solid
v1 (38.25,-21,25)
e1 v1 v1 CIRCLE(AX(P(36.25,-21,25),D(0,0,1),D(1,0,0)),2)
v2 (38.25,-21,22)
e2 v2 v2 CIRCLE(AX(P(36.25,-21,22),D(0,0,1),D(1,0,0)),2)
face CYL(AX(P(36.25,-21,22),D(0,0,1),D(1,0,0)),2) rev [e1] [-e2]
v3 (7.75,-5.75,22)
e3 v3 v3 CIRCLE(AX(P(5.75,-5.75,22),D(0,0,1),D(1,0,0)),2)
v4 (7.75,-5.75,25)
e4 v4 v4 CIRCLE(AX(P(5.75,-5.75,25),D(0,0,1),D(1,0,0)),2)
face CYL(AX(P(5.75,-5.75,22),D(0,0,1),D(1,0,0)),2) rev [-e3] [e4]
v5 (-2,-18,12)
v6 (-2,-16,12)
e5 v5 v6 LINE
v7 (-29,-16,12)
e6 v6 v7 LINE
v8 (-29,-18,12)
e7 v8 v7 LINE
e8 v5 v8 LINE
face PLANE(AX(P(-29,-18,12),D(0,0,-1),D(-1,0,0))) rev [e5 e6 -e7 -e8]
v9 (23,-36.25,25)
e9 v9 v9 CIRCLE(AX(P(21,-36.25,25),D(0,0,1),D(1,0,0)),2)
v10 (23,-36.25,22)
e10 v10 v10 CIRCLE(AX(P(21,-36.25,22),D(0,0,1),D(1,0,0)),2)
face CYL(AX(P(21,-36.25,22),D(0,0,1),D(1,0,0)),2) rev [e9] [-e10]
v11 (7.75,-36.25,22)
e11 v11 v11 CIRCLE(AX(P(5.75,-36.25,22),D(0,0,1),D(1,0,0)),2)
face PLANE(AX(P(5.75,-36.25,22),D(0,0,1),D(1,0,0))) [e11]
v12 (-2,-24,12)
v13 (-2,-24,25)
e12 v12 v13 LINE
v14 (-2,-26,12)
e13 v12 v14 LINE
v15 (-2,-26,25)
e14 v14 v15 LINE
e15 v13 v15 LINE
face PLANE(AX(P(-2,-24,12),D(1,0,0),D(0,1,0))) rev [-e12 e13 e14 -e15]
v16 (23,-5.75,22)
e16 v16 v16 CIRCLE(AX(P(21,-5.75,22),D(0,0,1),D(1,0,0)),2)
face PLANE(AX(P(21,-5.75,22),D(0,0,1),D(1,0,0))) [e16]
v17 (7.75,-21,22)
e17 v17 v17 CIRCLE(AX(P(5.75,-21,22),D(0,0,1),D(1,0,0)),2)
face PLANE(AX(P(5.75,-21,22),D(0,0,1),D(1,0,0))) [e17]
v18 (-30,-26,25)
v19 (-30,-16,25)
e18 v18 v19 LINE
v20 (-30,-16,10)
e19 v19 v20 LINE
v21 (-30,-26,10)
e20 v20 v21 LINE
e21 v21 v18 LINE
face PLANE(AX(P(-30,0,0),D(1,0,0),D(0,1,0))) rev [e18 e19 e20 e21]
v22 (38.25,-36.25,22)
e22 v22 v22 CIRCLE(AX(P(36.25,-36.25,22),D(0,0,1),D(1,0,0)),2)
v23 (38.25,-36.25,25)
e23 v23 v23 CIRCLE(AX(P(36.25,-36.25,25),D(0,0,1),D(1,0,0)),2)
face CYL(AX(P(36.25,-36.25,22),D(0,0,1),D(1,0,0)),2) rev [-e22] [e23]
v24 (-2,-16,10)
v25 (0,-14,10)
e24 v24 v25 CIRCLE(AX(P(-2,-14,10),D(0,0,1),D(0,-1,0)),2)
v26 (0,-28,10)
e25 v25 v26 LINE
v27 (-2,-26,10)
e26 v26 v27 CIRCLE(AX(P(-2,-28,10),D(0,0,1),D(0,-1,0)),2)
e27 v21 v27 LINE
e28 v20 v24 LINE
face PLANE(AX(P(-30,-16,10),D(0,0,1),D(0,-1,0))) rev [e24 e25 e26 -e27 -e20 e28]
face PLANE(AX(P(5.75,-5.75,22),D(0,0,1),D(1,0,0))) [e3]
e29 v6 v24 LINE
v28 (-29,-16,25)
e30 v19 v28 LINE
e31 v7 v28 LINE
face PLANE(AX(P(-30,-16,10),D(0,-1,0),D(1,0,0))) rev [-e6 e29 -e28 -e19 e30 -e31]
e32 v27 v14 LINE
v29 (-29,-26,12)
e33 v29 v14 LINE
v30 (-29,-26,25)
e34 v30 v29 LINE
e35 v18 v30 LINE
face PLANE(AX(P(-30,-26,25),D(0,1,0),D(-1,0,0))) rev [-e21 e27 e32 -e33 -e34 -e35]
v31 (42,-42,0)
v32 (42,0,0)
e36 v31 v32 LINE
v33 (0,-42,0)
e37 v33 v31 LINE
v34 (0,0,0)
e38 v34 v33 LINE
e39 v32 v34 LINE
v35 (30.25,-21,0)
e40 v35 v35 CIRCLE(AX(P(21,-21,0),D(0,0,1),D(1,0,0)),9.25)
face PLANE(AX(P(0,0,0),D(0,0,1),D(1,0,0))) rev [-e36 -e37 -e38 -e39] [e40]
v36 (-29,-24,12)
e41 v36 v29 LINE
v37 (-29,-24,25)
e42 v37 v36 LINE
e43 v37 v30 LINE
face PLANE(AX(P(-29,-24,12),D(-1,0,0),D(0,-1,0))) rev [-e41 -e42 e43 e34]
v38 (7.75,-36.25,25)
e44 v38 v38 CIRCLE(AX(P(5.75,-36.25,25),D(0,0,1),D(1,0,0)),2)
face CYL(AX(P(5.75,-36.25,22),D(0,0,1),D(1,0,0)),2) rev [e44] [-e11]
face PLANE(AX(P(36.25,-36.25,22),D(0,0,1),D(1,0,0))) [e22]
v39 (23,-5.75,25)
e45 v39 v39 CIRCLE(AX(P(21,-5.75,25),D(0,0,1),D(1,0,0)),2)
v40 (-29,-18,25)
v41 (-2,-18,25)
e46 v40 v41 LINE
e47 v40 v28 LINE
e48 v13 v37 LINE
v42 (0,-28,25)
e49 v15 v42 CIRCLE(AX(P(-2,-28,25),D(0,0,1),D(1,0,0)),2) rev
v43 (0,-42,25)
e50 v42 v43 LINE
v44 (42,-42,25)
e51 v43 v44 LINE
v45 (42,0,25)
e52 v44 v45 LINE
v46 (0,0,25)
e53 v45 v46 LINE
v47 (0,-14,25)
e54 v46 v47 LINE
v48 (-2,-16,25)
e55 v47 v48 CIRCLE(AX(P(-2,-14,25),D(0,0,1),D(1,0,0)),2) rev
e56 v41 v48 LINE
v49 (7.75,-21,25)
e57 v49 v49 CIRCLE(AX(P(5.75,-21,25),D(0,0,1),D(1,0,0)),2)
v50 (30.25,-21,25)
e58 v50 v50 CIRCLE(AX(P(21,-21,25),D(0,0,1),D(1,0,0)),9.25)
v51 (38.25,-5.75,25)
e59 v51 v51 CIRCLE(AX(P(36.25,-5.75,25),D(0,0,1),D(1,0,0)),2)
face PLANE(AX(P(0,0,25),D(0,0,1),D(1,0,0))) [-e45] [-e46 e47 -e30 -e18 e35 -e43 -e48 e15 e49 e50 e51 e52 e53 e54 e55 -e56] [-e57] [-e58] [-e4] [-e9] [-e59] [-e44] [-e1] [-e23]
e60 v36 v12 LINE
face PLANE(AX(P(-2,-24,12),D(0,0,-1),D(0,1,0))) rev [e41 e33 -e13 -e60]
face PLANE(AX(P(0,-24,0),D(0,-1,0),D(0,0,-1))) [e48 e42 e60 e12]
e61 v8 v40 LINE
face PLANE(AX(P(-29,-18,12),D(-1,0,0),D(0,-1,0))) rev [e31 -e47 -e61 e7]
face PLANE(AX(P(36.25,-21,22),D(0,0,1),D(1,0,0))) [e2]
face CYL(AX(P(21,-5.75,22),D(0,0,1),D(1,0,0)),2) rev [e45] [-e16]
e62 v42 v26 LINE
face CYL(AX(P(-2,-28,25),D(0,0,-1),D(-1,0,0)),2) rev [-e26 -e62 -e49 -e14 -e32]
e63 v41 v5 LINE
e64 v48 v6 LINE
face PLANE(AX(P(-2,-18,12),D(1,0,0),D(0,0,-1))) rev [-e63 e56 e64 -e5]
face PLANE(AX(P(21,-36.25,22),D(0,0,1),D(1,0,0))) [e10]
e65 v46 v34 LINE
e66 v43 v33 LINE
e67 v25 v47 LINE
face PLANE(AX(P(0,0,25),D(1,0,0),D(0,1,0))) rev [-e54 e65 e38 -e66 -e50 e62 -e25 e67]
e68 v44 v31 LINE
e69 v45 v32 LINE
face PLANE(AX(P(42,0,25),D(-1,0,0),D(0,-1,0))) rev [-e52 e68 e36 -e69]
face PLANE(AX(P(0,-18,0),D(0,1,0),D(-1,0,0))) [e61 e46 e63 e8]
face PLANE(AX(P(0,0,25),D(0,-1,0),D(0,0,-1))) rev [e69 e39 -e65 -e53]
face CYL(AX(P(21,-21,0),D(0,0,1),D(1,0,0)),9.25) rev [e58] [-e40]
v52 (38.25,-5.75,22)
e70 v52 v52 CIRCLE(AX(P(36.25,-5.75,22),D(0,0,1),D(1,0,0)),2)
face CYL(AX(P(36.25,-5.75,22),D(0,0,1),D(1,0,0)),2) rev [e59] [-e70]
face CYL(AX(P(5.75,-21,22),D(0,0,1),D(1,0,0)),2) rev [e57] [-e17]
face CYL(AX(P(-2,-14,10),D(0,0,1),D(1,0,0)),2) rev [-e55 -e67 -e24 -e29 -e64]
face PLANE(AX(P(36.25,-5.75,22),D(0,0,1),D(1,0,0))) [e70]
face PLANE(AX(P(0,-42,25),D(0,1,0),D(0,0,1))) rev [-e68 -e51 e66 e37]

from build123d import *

# Parameters (mm, degrees)
SKETCH_1_W          = 42
SKETCH_1_H          = 42
EXTRUDE_1_DEPTH     = 25
SKETCH_2_R          = 9.25
CUT_EXTRUDE_1_DEPTH = 65.443773943
SKETCH_3_R          = 2
CUT_EXTRUDE_2_DEPTH = 3
EXTRUDE_2_DEPTH     = 30
SKETCH_5_W          = 27
SKETCH_5_H          = 13
CUT_EXTRUDE_3_DEPTH = 2
SKETCH_6_W          = 27
SKETCH_6_H          = 13
CUT_EXTRUDE_4_DEPTH = 2
FILLET_1_R          = 2


with BuildPart() as part:
    # 스케치1 → 보스-돌출1 (new body)
    with BuildSketch(Plane.XY):
        with Locations((21, -21)):
            Rectangle(SKETCH_1_W, SKETCH_1_H)
    extrude(amount=EXTRUDE_1_DEPTH)

    # 스케치2 → 컷-돌출1 (cut, through all)
    with BuildSketch(Plane.XY.offset(25)):
        with Locations((21, -21)):
            Circle(SKETCH_2_R)
    extrude(amount=-CUT_EXTRUDE_1_DEPTH, mode=Mode.SUBTRACT)

    # 스케치3 → 컷-돌출2 (cut)
    with BuildSketch(Plane.XY.offset(25)):
        with Locations((36.25, -36.25)):
            Circle(SKETCH_3_R)
        with Locations((5.75, -36.25)):
            Circle(SKETCH_3_R)
        with Locations((36.25, -5.75)):
            Circle(SKETCH_3_R)
        with Locations((5.75, -5.75)):
            Circle(SKETCH_3_R)
        with Locations((36.25, -21)):
            Circle(SKETCH_3_R)
        with Locations((21, -5.75)):
            Circle(SKETCH_3_R)
        with Locations((21, -36.25)):
            Circle(SKETCH_3_R)
        with Locations((5.75, -21)):
            Circle(SKETCH_3_R)
    extrude(amount=-CUT_EXTRUDE_2_DEPTH, mode=Mode.SUBTRACT)

    # 스케치4 → 보스-돌출2 (add)
    with BuildSketch(Plane.ZY):
        Polygon((25, -21), (25, -26), (10, -26), (10, -16), (25, -16), align=None)
    extrude(amount=EXTRUDE_2_DEPTH)

    # 스케치5 → 컷-돌출3 (cut)
    with BuildSketch(Plane(origin=(0, -26, 0), x_dir=(-1, 0, 0), z_dir=(0, -1, 0))):
        with Locations((15.5, -18.5)):
            Rectangle(SKETCH_5_W, SKETCH_5_H)
    extrude(amount=-CUT_EXTRUDE_3_DEPTH, mode=Mode.SUBTRACT)

    # 스케치6 → 컷-돌출4 (cut)
    with BuildSketch(Plane(origin=(0, -16, 0), x_dir=(1, 0, 0), z_dir=(0, 1, 0))):
        with Locations((-15.5, -18.5)):
            Rectangle(SKETCH_6_W, SKETCH_6_H)
    extrude(amount=-CUT_EXTRUDE_4_DEPTH, mode=Mode.SUBTRACT)

    # 필렛1
    fillet_1_edges = [part.edges().sort_by_distance(p)[0] for p in [
        (0, -16, 17.5),
        (0, -26, 17.5),
    ]]
    fillet(fillet_1_edges, radius=FILLET_1_R)


solid = part.part
